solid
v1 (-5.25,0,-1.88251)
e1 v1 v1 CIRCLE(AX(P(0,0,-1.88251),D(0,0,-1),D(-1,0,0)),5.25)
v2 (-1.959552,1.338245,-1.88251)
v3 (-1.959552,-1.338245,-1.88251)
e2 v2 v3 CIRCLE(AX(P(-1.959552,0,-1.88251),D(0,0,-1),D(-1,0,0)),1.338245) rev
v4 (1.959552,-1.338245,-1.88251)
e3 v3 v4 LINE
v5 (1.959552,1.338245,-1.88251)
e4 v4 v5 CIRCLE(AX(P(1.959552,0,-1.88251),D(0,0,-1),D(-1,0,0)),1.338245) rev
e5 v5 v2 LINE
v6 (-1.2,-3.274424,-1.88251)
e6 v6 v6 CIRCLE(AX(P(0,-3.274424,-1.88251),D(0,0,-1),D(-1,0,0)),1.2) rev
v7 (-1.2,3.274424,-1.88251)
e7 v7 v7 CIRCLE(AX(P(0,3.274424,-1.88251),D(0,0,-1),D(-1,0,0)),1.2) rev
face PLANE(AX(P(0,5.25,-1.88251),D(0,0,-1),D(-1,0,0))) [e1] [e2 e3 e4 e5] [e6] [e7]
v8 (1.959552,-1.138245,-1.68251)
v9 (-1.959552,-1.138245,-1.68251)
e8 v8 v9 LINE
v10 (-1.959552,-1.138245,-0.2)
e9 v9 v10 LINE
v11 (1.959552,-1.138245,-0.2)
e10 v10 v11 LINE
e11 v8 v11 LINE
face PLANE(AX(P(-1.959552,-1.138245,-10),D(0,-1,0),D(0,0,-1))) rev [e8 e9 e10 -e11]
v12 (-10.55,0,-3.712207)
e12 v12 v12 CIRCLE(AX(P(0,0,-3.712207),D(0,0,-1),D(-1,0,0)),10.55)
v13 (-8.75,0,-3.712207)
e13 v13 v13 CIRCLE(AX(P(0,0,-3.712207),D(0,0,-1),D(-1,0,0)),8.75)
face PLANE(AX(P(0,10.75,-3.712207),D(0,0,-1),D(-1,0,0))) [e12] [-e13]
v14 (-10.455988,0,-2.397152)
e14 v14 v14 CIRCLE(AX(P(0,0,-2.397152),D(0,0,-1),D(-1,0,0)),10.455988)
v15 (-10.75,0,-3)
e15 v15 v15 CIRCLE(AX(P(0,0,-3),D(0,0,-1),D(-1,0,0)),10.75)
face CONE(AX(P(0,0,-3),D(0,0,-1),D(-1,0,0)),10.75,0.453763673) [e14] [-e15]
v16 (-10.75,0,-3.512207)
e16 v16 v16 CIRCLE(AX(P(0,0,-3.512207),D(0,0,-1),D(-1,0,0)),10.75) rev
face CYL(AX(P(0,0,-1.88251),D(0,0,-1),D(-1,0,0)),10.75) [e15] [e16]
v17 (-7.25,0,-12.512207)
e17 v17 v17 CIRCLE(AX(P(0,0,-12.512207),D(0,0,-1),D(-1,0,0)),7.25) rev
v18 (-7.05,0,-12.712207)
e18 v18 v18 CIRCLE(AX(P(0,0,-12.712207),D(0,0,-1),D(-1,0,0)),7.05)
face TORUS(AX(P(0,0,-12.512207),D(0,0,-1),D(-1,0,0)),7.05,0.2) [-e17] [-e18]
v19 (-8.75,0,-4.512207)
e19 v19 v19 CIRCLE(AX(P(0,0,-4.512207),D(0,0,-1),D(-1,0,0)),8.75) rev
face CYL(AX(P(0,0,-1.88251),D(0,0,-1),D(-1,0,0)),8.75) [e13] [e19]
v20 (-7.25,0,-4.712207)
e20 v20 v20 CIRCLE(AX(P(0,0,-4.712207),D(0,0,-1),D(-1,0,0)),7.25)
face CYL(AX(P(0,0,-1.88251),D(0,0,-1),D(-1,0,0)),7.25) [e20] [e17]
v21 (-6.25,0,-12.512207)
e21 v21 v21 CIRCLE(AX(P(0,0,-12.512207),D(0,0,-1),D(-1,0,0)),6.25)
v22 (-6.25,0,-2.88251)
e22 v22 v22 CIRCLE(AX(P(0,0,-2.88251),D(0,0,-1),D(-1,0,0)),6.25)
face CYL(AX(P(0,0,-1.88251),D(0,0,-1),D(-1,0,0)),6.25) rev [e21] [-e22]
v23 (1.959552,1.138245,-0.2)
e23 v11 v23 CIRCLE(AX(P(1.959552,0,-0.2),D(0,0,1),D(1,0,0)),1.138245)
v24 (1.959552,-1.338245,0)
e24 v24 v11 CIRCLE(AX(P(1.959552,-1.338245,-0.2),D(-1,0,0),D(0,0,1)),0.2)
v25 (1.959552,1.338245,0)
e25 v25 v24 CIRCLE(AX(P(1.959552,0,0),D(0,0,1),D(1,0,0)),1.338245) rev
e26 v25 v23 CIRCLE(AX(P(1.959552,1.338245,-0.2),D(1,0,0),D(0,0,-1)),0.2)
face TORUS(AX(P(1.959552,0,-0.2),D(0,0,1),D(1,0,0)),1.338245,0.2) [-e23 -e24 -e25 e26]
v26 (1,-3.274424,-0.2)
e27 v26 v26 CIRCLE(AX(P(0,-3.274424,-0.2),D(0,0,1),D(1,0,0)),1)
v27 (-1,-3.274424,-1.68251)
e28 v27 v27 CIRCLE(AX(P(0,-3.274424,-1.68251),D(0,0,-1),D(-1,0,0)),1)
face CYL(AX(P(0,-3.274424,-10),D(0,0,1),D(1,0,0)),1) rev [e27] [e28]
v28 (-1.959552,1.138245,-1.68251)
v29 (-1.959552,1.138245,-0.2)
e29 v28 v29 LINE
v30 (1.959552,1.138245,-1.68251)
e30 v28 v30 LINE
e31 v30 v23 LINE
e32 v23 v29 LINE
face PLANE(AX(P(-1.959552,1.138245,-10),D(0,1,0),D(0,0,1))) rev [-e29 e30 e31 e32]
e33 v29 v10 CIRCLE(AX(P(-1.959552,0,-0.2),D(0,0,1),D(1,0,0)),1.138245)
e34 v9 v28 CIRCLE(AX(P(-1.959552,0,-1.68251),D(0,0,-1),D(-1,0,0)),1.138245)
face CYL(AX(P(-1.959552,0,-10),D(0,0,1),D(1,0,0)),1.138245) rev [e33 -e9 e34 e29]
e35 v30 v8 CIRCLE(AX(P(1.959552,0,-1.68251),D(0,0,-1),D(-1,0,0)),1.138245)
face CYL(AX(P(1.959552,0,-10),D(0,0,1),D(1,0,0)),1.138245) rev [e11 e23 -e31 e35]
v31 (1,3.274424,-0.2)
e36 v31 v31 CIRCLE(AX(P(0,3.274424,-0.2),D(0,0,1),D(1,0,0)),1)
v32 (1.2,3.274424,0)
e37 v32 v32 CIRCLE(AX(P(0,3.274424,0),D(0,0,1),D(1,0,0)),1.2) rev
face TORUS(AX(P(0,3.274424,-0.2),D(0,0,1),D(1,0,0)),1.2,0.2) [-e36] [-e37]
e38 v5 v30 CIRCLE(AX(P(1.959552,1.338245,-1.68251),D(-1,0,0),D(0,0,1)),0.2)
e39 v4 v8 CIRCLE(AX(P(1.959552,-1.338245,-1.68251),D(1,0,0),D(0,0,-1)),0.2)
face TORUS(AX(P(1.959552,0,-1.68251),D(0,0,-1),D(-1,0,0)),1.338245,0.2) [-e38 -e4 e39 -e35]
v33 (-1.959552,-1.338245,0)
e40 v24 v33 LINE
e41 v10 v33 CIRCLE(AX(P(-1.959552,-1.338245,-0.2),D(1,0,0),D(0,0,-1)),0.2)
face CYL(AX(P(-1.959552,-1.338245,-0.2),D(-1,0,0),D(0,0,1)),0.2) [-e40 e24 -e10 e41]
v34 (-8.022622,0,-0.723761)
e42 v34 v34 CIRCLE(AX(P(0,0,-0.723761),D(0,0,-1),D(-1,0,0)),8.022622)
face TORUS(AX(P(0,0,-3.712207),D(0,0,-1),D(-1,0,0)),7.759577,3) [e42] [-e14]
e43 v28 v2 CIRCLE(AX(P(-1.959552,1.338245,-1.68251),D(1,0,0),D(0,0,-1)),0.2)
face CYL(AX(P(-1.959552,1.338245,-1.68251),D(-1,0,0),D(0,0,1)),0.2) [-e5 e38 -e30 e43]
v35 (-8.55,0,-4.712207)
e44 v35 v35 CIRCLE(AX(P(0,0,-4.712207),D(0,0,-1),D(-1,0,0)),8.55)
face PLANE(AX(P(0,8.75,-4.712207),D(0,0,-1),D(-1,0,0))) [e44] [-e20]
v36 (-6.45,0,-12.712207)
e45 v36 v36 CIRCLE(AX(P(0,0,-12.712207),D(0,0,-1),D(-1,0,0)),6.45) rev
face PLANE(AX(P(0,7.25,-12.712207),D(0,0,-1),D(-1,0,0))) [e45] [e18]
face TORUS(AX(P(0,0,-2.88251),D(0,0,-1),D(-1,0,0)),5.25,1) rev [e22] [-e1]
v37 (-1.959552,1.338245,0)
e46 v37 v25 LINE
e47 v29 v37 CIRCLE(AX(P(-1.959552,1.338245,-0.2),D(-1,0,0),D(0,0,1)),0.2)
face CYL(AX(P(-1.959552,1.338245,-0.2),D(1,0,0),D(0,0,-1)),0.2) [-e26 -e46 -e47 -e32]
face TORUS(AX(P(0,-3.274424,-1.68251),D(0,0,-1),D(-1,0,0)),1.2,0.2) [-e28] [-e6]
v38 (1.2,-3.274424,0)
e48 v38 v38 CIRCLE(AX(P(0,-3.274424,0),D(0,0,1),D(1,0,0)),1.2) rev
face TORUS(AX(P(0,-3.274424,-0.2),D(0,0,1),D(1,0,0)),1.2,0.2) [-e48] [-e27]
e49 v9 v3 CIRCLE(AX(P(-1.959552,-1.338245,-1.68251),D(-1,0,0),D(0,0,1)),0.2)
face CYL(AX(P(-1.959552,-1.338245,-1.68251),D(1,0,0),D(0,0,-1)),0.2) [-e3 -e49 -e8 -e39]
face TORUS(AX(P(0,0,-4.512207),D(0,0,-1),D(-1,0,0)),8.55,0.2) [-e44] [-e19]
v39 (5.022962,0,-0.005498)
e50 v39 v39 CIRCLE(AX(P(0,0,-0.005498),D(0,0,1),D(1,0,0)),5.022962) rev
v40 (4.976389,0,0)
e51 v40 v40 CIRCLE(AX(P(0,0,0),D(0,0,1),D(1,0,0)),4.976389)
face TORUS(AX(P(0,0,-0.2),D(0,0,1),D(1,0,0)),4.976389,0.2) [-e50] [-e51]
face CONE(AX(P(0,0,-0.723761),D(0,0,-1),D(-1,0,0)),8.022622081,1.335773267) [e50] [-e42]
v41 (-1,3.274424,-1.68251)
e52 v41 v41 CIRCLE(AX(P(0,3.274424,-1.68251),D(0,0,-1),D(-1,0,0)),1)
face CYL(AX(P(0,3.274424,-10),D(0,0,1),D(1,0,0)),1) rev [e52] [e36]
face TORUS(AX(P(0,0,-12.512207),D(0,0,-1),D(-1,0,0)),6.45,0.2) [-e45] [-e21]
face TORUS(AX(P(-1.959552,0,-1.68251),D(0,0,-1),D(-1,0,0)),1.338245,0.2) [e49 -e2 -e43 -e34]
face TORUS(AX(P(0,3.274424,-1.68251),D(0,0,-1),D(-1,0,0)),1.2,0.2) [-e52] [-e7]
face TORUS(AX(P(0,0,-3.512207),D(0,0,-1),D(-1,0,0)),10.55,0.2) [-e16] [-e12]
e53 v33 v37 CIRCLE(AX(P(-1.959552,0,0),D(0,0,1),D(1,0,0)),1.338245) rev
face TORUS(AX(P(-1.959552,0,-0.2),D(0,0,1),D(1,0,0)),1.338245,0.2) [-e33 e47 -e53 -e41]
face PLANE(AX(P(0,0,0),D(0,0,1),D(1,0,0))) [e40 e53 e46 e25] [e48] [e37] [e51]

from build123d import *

# Parameters (mm, degrees)
FILLET2_R          = 0.2
SKETCH2_R          = 1
CUT_EXTRUDE1_DEPTH = 10
FILLET3_R          = 0.2


with BuildPart() as part:
    # Sketch1 → Revolve1 (revolve)
    with BuildSketch(Plane(origin=(0, 0, 0), x_dir=(0, 0, -1), z_dir=(1, 0, 0))):
        with BuildLine():
            Line((2.397152395, 10.455987944), (3, 10.75))
            Line((3, 10.75), (3.712206696, 10.75))
            Line((3.712206696, 10.75), (3.712206696, 8.75))
            Line((3.712206696, 8.75), (4.712206696, 8.75))
            Line((4.712206696, 8.75), (4.712206696, 7.25))
            Line((4.712206696, 7.25), (12.712206696, 7.25))
            Line((12.712206696, 7.25), (12.712206696, 6.25))
            Line((12.712206696, 6.25), (3.256669121, 6.25))
            Line((3.256669121, 6.25), (2.882509958, 6.25))
            ThreePointArc((2.882509958, 6.25), (2.175403177, 5.957106781), (1.882509958, 5.25))
            Line((1.882509958, 5.25), (1.882509958, 0))
            Line((1.882509958, 0), (0, 0))
            Line((0, 0), (0, 5))
            Line((0, 5), (0.723761069, 8.022622081))
            ThreePointArc((0.723761069, 8.022622081), (1.240295439, 9.459475411), (2.397152395, 10.455987944))
        make_face()
    revolve(axis=Axis((0, 0, -1.882509958), (0, 0, 1)))

    # Fillet2
    fillet2_edges = [part.edges().sort_by_distance(p)[0] for p in [
        (0, -6.25, -12.712206696),
        (0, -7.25, -12.712206696),
        (0, -8.75, -4.712206696),
        (0, -10.75, -3.712206696),
    ]]
    fillet(fillet2_edges, radius=FILLET2_R)

    # Sketch2 → Cut-Extrude1 (cut)
    with BuildSketch(Plane.XY):
        with Locations((0, 3.274424466)):
            Circle(SKETCH2_R)
        with Locations((0, -3.274424466)):
            Circle(SKETCH2_R)
        with BuildLine():
            Line((-1.959552245, 1.138245181), (1.959552245, 1.138245181))
            ThreePointArc((1.959552245, 1.138245181), (3.097797425, 0), (1.959552245, -1.138245181))
            Line((1.959552245, -1.138245181), (-1.959552245, -1.138245181))
            ThreePointArc((-1.959552245, -1.138245181), (-3.097797425, 0), (-1.959552245, 1.138245181))
        make_face()
    extrude(amount=-CUT_EXTRUDE1_DEPTH, mode=Mode.SUBTRACT)

    # Fillet3
    fillet3_edges = [part.edges().sort_by_distance(p)[0] for p in [
        (0, -5, 0),
        (0, -1.138245181, -1.882509958),
        (3.097797425, 0, -1.882509958),
        (0, 1.138245181, -1.882509958),
        (-3.097797425, 0, -1.882509958),
        (-1, -3.274424466, -1.882509958),
        (-1, -3.274424466, 0),
        (-1, 3.274424466, -1.882509958),
        (-1, 3.274424466, 0),
        (-3.097797425, 0, 0),
        (0, -1.138245181, 0),
        (3.097797425, 0, 0),
        (0, 1.138245181, 0),
    ]]
    fillet(fillet3_edges, radius=FILLET3_R)


solid = part.part
